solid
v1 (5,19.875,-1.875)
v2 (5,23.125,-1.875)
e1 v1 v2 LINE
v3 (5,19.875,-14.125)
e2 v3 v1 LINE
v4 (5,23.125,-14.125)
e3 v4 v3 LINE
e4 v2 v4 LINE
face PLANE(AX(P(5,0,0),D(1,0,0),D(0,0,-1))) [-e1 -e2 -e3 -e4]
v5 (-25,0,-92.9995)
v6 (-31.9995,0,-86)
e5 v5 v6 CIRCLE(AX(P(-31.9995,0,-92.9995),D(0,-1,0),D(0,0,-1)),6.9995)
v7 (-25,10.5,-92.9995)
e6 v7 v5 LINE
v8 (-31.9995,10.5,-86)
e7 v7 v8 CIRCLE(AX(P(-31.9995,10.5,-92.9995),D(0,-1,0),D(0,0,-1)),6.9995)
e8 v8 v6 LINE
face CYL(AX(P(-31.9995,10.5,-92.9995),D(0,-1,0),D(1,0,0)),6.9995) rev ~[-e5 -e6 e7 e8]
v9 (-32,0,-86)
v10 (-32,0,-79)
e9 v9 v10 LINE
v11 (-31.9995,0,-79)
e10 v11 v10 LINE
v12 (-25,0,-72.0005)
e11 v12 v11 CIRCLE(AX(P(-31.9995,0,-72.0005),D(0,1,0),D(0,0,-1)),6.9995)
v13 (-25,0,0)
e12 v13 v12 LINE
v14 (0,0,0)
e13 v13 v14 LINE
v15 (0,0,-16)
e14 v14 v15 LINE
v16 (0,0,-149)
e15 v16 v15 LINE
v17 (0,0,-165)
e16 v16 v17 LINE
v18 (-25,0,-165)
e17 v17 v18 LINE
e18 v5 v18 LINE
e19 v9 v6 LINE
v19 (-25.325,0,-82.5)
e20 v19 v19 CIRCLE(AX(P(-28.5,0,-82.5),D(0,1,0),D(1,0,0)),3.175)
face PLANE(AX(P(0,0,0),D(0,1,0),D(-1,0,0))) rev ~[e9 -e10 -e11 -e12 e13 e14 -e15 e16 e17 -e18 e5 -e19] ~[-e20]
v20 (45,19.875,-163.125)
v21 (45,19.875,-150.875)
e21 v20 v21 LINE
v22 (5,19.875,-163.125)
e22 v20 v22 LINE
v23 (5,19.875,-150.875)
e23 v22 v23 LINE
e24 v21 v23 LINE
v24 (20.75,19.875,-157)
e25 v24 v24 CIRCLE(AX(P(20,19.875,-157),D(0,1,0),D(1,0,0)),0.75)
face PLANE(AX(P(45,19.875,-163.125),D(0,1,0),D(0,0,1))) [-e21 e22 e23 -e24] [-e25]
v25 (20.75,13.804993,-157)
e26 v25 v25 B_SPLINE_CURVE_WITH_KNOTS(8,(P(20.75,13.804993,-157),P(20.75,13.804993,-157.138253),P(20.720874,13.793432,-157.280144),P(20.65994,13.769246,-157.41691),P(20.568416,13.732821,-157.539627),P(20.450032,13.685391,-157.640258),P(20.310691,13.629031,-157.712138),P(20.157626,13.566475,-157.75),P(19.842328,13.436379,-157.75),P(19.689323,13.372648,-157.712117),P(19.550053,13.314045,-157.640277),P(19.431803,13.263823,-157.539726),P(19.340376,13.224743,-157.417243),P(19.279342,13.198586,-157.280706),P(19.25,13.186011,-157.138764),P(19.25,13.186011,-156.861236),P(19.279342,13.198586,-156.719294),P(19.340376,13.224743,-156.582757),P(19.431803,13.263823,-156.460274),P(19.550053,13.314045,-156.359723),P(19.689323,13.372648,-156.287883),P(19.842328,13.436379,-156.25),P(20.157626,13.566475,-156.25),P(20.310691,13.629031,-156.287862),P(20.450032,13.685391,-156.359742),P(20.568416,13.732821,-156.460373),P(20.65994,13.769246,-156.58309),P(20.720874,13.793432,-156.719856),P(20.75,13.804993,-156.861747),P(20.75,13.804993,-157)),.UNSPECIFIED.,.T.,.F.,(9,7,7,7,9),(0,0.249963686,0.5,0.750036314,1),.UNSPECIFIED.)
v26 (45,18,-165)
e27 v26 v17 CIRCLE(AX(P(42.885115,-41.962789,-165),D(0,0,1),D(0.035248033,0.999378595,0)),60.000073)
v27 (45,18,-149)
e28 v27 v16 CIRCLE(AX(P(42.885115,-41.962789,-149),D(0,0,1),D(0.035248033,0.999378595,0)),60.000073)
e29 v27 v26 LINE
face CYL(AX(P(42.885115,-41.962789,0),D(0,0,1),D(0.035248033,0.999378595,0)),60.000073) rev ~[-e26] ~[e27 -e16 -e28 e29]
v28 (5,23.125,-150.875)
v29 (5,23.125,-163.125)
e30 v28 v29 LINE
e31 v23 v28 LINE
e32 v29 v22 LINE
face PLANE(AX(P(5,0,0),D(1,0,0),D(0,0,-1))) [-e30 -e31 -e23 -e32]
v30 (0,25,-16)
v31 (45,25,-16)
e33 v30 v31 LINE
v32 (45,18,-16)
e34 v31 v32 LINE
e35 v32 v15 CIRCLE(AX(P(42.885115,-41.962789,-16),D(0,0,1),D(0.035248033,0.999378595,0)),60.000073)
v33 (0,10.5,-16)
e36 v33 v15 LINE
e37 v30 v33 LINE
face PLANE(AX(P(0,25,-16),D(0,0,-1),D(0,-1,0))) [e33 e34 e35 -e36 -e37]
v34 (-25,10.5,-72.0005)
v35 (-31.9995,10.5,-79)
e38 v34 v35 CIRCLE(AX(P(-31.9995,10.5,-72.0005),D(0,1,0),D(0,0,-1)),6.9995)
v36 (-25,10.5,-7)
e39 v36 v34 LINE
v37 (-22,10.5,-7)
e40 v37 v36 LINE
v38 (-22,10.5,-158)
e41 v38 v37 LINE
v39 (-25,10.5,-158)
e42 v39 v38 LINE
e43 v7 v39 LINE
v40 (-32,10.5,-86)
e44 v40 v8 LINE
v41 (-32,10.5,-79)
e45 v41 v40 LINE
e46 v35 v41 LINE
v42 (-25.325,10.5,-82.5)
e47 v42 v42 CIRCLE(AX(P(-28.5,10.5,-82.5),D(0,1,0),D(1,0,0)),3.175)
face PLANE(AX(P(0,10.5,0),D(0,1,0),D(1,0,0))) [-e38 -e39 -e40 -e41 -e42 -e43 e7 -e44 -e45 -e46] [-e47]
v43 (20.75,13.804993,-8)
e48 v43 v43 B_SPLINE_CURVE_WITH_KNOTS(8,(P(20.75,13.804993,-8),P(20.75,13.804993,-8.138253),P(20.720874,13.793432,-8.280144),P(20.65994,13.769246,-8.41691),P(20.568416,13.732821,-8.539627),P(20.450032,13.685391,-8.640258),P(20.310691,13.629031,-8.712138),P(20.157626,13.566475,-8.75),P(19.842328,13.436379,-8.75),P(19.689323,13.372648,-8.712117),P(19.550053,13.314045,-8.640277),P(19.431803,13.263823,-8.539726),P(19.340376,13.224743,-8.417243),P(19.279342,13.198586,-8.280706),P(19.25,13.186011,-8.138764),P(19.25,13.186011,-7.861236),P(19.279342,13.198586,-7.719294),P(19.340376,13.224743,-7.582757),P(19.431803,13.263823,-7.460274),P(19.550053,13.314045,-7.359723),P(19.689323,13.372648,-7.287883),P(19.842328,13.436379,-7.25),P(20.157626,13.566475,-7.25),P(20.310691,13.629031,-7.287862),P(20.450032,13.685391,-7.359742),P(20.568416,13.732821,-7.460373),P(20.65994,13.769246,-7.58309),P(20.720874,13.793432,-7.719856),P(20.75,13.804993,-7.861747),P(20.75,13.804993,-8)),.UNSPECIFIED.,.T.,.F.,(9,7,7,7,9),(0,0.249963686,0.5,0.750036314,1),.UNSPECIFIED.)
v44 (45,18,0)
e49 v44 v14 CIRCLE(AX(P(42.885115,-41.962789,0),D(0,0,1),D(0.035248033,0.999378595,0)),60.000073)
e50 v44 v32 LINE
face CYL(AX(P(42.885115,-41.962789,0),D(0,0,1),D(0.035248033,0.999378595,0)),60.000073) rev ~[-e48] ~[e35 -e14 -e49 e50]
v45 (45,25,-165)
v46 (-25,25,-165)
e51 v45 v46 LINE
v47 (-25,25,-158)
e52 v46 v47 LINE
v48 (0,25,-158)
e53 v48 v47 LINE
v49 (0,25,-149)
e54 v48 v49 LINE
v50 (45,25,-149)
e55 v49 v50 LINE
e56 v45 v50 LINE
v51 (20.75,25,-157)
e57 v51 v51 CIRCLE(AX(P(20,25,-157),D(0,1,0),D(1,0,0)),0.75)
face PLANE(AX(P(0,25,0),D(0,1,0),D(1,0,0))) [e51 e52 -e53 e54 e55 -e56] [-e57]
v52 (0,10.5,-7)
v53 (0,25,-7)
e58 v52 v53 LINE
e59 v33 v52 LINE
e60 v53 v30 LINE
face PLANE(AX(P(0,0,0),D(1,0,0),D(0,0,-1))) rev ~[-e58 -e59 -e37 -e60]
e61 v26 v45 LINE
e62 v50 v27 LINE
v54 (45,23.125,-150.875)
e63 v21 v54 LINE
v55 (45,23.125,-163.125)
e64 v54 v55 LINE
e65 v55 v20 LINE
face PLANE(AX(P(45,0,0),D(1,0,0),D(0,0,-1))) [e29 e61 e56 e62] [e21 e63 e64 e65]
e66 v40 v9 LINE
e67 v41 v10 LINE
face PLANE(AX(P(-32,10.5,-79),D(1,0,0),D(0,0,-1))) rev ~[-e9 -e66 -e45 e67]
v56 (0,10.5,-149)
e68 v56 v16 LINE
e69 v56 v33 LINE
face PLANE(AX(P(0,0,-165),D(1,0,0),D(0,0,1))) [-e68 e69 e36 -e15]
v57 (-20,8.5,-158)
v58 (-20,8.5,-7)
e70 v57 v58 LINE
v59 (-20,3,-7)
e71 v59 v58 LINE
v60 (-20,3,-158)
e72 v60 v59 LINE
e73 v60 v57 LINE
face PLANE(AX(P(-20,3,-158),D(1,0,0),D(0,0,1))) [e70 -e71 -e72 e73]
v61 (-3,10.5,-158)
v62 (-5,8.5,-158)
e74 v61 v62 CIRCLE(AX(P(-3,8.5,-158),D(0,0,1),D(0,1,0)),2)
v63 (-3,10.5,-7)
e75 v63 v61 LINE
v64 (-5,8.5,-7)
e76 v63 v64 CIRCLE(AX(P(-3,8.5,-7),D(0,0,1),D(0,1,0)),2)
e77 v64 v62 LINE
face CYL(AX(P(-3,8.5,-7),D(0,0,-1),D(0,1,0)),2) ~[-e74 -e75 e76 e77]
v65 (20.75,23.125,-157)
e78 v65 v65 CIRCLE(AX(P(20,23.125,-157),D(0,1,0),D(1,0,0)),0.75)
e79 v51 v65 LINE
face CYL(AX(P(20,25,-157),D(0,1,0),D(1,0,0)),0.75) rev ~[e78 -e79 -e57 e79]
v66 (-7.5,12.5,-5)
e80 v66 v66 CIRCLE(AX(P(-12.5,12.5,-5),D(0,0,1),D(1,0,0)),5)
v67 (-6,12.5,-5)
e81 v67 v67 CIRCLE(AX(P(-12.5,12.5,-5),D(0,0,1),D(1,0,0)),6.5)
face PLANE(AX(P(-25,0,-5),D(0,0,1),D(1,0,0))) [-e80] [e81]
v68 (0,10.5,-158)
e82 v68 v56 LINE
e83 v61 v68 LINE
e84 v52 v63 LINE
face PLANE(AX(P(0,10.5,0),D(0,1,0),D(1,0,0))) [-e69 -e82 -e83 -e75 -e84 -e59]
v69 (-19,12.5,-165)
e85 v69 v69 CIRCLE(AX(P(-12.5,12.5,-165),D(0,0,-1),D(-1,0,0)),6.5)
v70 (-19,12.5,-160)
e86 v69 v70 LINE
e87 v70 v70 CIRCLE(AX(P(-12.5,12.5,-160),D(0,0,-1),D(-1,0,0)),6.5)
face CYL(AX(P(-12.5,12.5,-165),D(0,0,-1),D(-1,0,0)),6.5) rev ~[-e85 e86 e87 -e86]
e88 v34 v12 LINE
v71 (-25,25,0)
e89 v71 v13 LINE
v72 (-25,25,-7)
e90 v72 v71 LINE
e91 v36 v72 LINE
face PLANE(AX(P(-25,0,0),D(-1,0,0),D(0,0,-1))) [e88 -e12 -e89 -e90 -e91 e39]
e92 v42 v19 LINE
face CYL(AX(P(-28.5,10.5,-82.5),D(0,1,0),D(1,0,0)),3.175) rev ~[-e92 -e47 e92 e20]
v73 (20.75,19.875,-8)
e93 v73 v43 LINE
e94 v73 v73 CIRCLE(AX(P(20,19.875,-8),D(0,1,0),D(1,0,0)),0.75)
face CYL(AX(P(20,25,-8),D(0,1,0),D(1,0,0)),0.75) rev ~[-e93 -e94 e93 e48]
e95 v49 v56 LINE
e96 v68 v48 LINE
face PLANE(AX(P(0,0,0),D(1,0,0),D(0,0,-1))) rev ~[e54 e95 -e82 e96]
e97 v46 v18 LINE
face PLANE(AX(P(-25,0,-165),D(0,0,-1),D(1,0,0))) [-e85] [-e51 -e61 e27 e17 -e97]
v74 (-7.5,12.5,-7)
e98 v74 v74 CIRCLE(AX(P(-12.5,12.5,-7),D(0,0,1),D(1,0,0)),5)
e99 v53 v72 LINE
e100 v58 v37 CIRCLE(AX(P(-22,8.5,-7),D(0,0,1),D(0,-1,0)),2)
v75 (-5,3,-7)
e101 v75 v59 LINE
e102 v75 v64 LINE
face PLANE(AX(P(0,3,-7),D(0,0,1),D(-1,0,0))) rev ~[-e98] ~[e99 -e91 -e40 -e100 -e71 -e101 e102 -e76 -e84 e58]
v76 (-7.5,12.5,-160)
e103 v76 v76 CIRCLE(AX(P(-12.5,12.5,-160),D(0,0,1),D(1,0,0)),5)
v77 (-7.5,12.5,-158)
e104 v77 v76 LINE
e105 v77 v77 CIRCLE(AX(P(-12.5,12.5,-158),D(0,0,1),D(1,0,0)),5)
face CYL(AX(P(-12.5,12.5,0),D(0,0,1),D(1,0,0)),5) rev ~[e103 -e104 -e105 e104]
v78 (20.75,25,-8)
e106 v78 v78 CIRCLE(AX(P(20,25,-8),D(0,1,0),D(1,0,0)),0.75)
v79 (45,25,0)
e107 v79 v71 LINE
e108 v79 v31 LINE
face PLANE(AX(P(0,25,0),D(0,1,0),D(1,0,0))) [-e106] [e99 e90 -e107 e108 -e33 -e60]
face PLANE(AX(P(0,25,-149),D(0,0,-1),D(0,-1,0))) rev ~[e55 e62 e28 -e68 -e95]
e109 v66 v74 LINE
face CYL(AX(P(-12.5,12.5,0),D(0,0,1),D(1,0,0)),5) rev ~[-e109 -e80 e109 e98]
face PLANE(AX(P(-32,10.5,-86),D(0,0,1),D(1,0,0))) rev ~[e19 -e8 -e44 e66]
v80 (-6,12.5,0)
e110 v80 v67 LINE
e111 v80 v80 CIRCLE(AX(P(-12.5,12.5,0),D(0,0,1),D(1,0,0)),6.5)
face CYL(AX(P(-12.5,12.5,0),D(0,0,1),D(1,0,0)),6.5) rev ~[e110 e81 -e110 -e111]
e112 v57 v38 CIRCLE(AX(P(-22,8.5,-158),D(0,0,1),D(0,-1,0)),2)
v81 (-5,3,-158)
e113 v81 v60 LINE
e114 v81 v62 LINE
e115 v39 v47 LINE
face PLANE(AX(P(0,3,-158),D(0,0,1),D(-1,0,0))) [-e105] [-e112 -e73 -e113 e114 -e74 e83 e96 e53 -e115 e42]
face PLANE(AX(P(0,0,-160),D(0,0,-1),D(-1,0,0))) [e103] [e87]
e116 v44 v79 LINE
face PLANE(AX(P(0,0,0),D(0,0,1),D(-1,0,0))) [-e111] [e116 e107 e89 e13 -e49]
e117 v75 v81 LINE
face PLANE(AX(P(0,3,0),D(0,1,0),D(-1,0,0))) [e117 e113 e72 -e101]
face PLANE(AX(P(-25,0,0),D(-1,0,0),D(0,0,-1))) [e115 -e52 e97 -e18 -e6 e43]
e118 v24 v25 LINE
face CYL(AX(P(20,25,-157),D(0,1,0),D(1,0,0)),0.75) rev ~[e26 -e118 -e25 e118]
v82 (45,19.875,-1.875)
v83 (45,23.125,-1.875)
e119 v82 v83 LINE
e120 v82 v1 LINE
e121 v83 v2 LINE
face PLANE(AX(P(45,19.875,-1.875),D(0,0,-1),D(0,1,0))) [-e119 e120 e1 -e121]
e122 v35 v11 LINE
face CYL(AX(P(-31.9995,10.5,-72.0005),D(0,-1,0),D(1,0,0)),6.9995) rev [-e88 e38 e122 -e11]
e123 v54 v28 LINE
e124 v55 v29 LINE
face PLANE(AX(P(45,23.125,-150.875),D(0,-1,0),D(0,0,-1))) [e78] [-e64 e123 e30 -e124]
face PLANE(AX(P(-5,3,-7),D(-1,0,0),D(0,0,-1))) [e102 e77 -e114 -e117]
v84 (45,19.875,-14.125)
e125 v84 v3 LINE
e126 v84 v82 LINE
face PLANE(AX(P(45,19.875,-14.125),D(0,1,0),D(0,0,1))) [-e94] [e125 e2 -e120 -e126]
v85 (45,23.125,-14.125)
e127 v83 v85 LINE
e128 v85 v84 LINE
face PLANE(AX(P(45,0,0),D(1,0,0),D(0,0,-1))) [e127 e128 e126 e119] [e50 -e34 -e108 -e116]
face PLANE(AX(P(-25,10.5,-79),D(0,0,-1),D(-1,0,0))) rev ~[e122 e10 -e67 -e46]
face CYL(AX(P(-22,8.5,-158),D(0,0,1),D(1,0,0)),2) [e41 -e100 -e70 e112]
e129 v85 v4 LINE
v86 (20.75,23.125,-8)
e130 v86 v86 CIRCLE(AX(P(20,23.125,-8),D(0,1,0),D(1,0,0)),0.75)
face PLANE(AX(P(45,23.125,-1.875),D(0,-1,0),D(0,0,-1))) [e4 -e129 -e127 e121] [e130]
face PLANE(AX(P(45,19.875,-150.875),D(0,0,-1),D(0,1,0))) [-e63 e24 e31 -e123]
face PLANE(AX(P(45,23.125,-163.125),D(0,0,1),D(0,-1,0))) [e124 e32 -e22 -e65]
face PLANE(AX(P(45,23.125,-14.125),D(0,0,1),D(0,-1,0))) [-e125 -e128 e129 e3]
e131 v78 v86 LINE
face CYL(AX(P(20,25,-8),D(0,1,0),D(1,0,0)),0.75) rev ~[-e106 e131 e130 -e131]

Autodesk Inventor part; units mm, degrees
ref_plane "YZ Plane" through (0, 0, 0) normal (1, 0, 0) x (0, 1, 0)
ref_plane "XZ Plane" through (0, 0, 0) normal (0, 1, 0) x (-1, 0, 0)
ref_plane "XY Plane" through (0, 0, 0) normal (0, 0, 1) x (1, 0, 0)
sketch "Sketch1" plane through (0, 0, 0) normal (0, 1, 0) x (-1, 0, 0)
  line L0 (0, 0) -> (25, 0)
  line L1 (25, 0) -> (25, -165)
  line L2 (25, -165) -> (0, -165)
  line L3 (0, -165) -> (0, 0)
  dimension "d0" = 25
  dimension "d1" = 165
extrude "Extrusion1" add sketch "Sketch1" along normal blind 3
sketch "Sketch2" plane through (0, 3, 0) normal (0, 1, 0) x (1, 0, 0)
  line L0 (-25, 165) -> (-25, 0) projected
  line L1 (0, 0) -> (0, 165) projected
  line L2 (-25, 0) -> (0, 0)
  line L3 (0, 0) -> (0, 7)
  line L4 (0, 7) -> (-25, 7)
  line L5 (-25, 7) -> (-25, 0)
  line L6 (0, 165) -> (-25, 165) projected
  line L7 (-25, 165) -> (0, 165)
  line L8 (0, 165) -> (0, 158)
  line L9 (0, 158) -> (-25, 158)
  line L10 (-25, 158) -> (-25, 165)
  dimension "d4" = 7
  dimension "d5" = 7
extrude "Extrusion2" add sketch "Sketch2" along normal blind 22 contours L6 L1 L9 L0 | L4 L1 L2 L0
sketch "Sketch3" plane through (-25, 0, 0) normal (0, 0, 1) x (1, 0, 0)
  point P0 (25, 0)
sketch "Sketch4" plane through (-25, 0, 0) normal (0, 0, 1) x (1, 0, 0)
  line L0 (25, 25) -> (0, 25) construction
  line L1 (25, 0) -> (0, 25) construction
  circle A0 centre (12.5, 12.5) radius 6.5
  dimension "d8" = 13
extrude "Extrusion3" cut sketch "Sketch4" against normal blind 5
sketch "Sketch5" plane through (0, 0, -165) normal (0, 0, -1) x (-1, 0, 0)
  circle A0 centre (12.5, 12.5) radius 6.5 projected
  circle A1 centre (12.5, 12.5) radius 6.5
  point P0 (0, 0)
extrude "Extrusion4" cut sketch "Sketch5" against normal blind 5
sketch "Sketch6" plane through (-25, 0, 0) normal (0, 0, 1) x (1, 0, 0)
  circle A0 centre (12.5, 12.5) radius 6.5 projected
  circle A1 centre (12.5, 12.5) radius 5
  point P0 (25, 0)
  dimension "d13" = 10
extrude "Extrusion5" cut sketch "Sketch6" against normal blind 165 contours A1
sketch "Sketch7" plane through (-25, 3, -158) normal (0, 0, 1) x (1, 0, 0)
  line L0 (25, 0) -> (25, 22) construction
  line L1 (0, 0) -> (0, 22) construction
  point P0 (25, -3)
sketch "Sketch8" plane through (-25, 3, -158) normal (0, 0, 1) x (1, 0, 0)
  circle A0 centre (12.5, 9.5) radius 5 projected
  point P0 (25, -3)
sketch "Sketch9" plane through (0, 3, 0) normal (0, 1, 0) x (1, 0, 0)
  line L0 (-25, 158) -> (0, 158) projected
  line L1 (0, 7) -> (-25, 7) projected
  line L2 (-25, 158) -> (-20, 158)
  line L3 (-20, 158) -> (-20, 7)
  line L4 (-20, 7) -> (-25, 7)
  line L5 (-25, 7) -> (-25, 158)
  line L6 (0, 0) -> (0, 7) projected
  line L7 (0, 7) -> (-5, 7)
  line L8 (-5, 7) -> (-5, 158)
  line L9 (-5, 158) -> (0, 158)
  line L10 (0, 158) -> (0, 7)
  dimension "d16" = 5
  dimension "d17" = 5
extrude "Extrusion6" add sketch "Sketch9" along normal blind 7.5 contours L0 L3 L1 L5 | L0 L10 L1 L8
fillet "Fillet1" radius 2 2 edges at (-5, 10.5, -82.5) (-20, 10.5, -82.5)
sketch "Sketch10" plane through (0, 0, 0) normal (1, 0, 0) x (0, 0, -1)
  line L0 (0, 0) -> (0, 25) projected
  line L1 (165, 0) -> (0, 0) projected
  line L2 (0, 25) -> (16, 25)
  line L3 (16, 25) -> (16, 0)
  line L4 (16, 0) -> (0, 0)
  line L5 (0, 0) -> (0, 25)
  line L6 (165, 0) -> (165, 25) projected
  line L7 (165, 25) -> (149, 25)
  line L8 (149, 25) -> (149, 0)
  line L9 (149, 0) -> (165, 0)
  line L10 (165, 0) -> (165, 25)
  dimension "d21" = 16
  dimension "d22" = 16
extrude "Extrusion7" add sketch "Sketch10" along normal blind 45
sketch "Sketch11" plane through (45, 0, 0) normal (1, 0, 0) x (0, 0, -1)
  line L0 (7, 25) -> (0, 25) construction
  line L1 (16, 0) -> (16, 25) construction
  line L2 (0, 25) -> (16, 25) construction
  line L3 (16, 25) -> (7, 25) construction
  line L4 (8, 25) -> (8, 21.5) construction
  line L5 (14.125, 19.875) -> (1.875, 19.875)
  line L6 (1.875, 19.875) -> (1.875, 23.125)
  line L7 (1.875, 23.125) -> (14.125, 23.125)
  line L8 (14.125, 23.125) -> (14.125, 19.875)
  line L9 (14.125, 19.875) -> (1.875, 23.125) construction
  line L10 (1.875, 19.875) -> (14.125, 23.125) construction
  line L11 (165, 25) -> (149, 25) construction
  line L12 (157, 25) -> (157, 21.5) construction
  line L13 (163.125, 19.875) -> (150.875, 19.875)
  line L14 (150.875, 19.875) -> (150.875, 23.125)
  line L15 (150.875, 23.125) -> (163.125, 23.125)
  line L16 (163.125, 23.125) -> (163.125, 19.875)
  line L17 (163.125, 19.875) -> (150.875, 23.125) construction
  line L18 (150.875, 19.875) -> (163.125, 23.125) construction
  point P0 (0, 0)
  dimension "d25" = 3.5
  dimension "d26" = 12.25
  dimension "d27" = 3.25
  dimension "d28" = 3.5
  dimension "d29" = 12.25
  dimension "d30" = 3.25
extrude "Extrusion8" cut sketch "Sketch11" against normal blind 40
sketch "Sketch12" plane through (45, 0, 0) normal (1, 0, 0) x (0, 0, -1)
  line L0 (16, 0) -> (16, 25) construction
  line L1 (0, 19.875) -> (16, 19.875) construction
  line L2 (16, 19.875) -> (16, 18) construction
  line L3 (16, 18) -> (0, 18) construction
  line L4 (0, 18) -> (0, 19.875) construction
  point P0 (0, 0)
  dimension "d33" = 1.875
sketch "Sketch13" plane through (-25, 0, 0) normal (0, 0, 1) x (1, 0, 0)
  line L0 (70, 0) -> (70, 25) construction
  line L1 (70, 25) -> (70, 18) construction
  arc A0 (70, 18) -> (25, 0) centre (67.8851, -41.9627) ccw
  line L2 (70, 25) -> (70, 0) projected
  line L3 (70, 18) -> (70, 0)
  line L4 (70, 0) -> (25, 0)
  dimension "d34" = 7
  dimension "d35" = 60
extrude "Extrusion9" cut sketch "Sketch13" against normal blind 165
sketch "Sketch14" plane through (0, 10.5, 0) normal (0, 1, 0) x (1, 0, 0)
  point P0 (0, 0)
sketch "Sketch15" plane through (-25, 0, -165) normal (0, 0, -1) x (-1, 0, 0)
  circle A0 centre (-12.5, 12.5) radius 6.5 construction
  circle A1 centre (-12.5, 12.5) radius 25.4 construction
  point P0 (-25, 0)
  dimension "d38" = 50.8
sketch "Sketch16" plane through (0, 10.5, 0) normal (0, 1, 0) x (1, 0, 0)
  line L0 (-25, 0) -> (-25, 165) projected
  line L1 (-25, 82.5) -> (-32, 82.5)
  line L2 (-32, 82.5) -> (-32, 86)
  line L3 (-32, 86) -> (-25, 86)
  line L4 (-25, 86) -> (-25, 82.5)
  line L5 (-32, 82.5) -> (-25, 82.5)
  line L6 (-25, 82.5) -> (-25, 79)
  line L7 (-25, 79) -> (-32, 79)
  line L8 (-32, 79) -> (-32, 82.5)
  point P0 (0, 0)
  dimension "d39" = 7
  dimension "d40" = 3.5
  dimension "d41" = 3.5
extrude "Extrusion10" add sketch "Sketch16" against normal blind 10.5
sketch "Sketch17" plane through (0, 10.5, 0) normal (0, 1, 0) x (1, 0, 0)
  line L0 (-32, 79) -> (-25, 79) construction
  line L1 (-25, 86) -> (-32, 86) construction
  line L2 (-25, 79) -> (-32, 86) construction
  circle A0 centre (-28.5, 82.5) radius 3.175
  point P0 (0, 0)
  dimension "d44" = 6.35
extrude "Extrusion11" cut sketch "Sketch17" against normal blind 10.5
fillet "Fillet2" radius 7 2 edges at (-25, 5.25, -79) (-25, 5.25, -86)
sketch "Sketch18" plane through (0, 25, 0) normal (0, 1, 0) x (1, 0, 0)
  line L0 (45, 1.875) -> (45, 14.125) construction
  line L1 (45, 8) -> (20, 8) construction
  circle A0 centre (20, 8) radius 0.75
  line L2 (45, 150.875) -> (45, 163.125) construction
  line L3 (45, 157) -> (20, 157) construction
  circle A1 centre (20, 157) radius 0.75
  point P0 (0, 0)
  dimension "d48" = 25
  dimension "d49" = 1.5
  dimension "d50" = 25
  dimension "d51" = 1.5
extrude "Extrusion12" cut sketch "Sketch18" against normal blind 25
properties part number "frontAxelHolder 11-28"
